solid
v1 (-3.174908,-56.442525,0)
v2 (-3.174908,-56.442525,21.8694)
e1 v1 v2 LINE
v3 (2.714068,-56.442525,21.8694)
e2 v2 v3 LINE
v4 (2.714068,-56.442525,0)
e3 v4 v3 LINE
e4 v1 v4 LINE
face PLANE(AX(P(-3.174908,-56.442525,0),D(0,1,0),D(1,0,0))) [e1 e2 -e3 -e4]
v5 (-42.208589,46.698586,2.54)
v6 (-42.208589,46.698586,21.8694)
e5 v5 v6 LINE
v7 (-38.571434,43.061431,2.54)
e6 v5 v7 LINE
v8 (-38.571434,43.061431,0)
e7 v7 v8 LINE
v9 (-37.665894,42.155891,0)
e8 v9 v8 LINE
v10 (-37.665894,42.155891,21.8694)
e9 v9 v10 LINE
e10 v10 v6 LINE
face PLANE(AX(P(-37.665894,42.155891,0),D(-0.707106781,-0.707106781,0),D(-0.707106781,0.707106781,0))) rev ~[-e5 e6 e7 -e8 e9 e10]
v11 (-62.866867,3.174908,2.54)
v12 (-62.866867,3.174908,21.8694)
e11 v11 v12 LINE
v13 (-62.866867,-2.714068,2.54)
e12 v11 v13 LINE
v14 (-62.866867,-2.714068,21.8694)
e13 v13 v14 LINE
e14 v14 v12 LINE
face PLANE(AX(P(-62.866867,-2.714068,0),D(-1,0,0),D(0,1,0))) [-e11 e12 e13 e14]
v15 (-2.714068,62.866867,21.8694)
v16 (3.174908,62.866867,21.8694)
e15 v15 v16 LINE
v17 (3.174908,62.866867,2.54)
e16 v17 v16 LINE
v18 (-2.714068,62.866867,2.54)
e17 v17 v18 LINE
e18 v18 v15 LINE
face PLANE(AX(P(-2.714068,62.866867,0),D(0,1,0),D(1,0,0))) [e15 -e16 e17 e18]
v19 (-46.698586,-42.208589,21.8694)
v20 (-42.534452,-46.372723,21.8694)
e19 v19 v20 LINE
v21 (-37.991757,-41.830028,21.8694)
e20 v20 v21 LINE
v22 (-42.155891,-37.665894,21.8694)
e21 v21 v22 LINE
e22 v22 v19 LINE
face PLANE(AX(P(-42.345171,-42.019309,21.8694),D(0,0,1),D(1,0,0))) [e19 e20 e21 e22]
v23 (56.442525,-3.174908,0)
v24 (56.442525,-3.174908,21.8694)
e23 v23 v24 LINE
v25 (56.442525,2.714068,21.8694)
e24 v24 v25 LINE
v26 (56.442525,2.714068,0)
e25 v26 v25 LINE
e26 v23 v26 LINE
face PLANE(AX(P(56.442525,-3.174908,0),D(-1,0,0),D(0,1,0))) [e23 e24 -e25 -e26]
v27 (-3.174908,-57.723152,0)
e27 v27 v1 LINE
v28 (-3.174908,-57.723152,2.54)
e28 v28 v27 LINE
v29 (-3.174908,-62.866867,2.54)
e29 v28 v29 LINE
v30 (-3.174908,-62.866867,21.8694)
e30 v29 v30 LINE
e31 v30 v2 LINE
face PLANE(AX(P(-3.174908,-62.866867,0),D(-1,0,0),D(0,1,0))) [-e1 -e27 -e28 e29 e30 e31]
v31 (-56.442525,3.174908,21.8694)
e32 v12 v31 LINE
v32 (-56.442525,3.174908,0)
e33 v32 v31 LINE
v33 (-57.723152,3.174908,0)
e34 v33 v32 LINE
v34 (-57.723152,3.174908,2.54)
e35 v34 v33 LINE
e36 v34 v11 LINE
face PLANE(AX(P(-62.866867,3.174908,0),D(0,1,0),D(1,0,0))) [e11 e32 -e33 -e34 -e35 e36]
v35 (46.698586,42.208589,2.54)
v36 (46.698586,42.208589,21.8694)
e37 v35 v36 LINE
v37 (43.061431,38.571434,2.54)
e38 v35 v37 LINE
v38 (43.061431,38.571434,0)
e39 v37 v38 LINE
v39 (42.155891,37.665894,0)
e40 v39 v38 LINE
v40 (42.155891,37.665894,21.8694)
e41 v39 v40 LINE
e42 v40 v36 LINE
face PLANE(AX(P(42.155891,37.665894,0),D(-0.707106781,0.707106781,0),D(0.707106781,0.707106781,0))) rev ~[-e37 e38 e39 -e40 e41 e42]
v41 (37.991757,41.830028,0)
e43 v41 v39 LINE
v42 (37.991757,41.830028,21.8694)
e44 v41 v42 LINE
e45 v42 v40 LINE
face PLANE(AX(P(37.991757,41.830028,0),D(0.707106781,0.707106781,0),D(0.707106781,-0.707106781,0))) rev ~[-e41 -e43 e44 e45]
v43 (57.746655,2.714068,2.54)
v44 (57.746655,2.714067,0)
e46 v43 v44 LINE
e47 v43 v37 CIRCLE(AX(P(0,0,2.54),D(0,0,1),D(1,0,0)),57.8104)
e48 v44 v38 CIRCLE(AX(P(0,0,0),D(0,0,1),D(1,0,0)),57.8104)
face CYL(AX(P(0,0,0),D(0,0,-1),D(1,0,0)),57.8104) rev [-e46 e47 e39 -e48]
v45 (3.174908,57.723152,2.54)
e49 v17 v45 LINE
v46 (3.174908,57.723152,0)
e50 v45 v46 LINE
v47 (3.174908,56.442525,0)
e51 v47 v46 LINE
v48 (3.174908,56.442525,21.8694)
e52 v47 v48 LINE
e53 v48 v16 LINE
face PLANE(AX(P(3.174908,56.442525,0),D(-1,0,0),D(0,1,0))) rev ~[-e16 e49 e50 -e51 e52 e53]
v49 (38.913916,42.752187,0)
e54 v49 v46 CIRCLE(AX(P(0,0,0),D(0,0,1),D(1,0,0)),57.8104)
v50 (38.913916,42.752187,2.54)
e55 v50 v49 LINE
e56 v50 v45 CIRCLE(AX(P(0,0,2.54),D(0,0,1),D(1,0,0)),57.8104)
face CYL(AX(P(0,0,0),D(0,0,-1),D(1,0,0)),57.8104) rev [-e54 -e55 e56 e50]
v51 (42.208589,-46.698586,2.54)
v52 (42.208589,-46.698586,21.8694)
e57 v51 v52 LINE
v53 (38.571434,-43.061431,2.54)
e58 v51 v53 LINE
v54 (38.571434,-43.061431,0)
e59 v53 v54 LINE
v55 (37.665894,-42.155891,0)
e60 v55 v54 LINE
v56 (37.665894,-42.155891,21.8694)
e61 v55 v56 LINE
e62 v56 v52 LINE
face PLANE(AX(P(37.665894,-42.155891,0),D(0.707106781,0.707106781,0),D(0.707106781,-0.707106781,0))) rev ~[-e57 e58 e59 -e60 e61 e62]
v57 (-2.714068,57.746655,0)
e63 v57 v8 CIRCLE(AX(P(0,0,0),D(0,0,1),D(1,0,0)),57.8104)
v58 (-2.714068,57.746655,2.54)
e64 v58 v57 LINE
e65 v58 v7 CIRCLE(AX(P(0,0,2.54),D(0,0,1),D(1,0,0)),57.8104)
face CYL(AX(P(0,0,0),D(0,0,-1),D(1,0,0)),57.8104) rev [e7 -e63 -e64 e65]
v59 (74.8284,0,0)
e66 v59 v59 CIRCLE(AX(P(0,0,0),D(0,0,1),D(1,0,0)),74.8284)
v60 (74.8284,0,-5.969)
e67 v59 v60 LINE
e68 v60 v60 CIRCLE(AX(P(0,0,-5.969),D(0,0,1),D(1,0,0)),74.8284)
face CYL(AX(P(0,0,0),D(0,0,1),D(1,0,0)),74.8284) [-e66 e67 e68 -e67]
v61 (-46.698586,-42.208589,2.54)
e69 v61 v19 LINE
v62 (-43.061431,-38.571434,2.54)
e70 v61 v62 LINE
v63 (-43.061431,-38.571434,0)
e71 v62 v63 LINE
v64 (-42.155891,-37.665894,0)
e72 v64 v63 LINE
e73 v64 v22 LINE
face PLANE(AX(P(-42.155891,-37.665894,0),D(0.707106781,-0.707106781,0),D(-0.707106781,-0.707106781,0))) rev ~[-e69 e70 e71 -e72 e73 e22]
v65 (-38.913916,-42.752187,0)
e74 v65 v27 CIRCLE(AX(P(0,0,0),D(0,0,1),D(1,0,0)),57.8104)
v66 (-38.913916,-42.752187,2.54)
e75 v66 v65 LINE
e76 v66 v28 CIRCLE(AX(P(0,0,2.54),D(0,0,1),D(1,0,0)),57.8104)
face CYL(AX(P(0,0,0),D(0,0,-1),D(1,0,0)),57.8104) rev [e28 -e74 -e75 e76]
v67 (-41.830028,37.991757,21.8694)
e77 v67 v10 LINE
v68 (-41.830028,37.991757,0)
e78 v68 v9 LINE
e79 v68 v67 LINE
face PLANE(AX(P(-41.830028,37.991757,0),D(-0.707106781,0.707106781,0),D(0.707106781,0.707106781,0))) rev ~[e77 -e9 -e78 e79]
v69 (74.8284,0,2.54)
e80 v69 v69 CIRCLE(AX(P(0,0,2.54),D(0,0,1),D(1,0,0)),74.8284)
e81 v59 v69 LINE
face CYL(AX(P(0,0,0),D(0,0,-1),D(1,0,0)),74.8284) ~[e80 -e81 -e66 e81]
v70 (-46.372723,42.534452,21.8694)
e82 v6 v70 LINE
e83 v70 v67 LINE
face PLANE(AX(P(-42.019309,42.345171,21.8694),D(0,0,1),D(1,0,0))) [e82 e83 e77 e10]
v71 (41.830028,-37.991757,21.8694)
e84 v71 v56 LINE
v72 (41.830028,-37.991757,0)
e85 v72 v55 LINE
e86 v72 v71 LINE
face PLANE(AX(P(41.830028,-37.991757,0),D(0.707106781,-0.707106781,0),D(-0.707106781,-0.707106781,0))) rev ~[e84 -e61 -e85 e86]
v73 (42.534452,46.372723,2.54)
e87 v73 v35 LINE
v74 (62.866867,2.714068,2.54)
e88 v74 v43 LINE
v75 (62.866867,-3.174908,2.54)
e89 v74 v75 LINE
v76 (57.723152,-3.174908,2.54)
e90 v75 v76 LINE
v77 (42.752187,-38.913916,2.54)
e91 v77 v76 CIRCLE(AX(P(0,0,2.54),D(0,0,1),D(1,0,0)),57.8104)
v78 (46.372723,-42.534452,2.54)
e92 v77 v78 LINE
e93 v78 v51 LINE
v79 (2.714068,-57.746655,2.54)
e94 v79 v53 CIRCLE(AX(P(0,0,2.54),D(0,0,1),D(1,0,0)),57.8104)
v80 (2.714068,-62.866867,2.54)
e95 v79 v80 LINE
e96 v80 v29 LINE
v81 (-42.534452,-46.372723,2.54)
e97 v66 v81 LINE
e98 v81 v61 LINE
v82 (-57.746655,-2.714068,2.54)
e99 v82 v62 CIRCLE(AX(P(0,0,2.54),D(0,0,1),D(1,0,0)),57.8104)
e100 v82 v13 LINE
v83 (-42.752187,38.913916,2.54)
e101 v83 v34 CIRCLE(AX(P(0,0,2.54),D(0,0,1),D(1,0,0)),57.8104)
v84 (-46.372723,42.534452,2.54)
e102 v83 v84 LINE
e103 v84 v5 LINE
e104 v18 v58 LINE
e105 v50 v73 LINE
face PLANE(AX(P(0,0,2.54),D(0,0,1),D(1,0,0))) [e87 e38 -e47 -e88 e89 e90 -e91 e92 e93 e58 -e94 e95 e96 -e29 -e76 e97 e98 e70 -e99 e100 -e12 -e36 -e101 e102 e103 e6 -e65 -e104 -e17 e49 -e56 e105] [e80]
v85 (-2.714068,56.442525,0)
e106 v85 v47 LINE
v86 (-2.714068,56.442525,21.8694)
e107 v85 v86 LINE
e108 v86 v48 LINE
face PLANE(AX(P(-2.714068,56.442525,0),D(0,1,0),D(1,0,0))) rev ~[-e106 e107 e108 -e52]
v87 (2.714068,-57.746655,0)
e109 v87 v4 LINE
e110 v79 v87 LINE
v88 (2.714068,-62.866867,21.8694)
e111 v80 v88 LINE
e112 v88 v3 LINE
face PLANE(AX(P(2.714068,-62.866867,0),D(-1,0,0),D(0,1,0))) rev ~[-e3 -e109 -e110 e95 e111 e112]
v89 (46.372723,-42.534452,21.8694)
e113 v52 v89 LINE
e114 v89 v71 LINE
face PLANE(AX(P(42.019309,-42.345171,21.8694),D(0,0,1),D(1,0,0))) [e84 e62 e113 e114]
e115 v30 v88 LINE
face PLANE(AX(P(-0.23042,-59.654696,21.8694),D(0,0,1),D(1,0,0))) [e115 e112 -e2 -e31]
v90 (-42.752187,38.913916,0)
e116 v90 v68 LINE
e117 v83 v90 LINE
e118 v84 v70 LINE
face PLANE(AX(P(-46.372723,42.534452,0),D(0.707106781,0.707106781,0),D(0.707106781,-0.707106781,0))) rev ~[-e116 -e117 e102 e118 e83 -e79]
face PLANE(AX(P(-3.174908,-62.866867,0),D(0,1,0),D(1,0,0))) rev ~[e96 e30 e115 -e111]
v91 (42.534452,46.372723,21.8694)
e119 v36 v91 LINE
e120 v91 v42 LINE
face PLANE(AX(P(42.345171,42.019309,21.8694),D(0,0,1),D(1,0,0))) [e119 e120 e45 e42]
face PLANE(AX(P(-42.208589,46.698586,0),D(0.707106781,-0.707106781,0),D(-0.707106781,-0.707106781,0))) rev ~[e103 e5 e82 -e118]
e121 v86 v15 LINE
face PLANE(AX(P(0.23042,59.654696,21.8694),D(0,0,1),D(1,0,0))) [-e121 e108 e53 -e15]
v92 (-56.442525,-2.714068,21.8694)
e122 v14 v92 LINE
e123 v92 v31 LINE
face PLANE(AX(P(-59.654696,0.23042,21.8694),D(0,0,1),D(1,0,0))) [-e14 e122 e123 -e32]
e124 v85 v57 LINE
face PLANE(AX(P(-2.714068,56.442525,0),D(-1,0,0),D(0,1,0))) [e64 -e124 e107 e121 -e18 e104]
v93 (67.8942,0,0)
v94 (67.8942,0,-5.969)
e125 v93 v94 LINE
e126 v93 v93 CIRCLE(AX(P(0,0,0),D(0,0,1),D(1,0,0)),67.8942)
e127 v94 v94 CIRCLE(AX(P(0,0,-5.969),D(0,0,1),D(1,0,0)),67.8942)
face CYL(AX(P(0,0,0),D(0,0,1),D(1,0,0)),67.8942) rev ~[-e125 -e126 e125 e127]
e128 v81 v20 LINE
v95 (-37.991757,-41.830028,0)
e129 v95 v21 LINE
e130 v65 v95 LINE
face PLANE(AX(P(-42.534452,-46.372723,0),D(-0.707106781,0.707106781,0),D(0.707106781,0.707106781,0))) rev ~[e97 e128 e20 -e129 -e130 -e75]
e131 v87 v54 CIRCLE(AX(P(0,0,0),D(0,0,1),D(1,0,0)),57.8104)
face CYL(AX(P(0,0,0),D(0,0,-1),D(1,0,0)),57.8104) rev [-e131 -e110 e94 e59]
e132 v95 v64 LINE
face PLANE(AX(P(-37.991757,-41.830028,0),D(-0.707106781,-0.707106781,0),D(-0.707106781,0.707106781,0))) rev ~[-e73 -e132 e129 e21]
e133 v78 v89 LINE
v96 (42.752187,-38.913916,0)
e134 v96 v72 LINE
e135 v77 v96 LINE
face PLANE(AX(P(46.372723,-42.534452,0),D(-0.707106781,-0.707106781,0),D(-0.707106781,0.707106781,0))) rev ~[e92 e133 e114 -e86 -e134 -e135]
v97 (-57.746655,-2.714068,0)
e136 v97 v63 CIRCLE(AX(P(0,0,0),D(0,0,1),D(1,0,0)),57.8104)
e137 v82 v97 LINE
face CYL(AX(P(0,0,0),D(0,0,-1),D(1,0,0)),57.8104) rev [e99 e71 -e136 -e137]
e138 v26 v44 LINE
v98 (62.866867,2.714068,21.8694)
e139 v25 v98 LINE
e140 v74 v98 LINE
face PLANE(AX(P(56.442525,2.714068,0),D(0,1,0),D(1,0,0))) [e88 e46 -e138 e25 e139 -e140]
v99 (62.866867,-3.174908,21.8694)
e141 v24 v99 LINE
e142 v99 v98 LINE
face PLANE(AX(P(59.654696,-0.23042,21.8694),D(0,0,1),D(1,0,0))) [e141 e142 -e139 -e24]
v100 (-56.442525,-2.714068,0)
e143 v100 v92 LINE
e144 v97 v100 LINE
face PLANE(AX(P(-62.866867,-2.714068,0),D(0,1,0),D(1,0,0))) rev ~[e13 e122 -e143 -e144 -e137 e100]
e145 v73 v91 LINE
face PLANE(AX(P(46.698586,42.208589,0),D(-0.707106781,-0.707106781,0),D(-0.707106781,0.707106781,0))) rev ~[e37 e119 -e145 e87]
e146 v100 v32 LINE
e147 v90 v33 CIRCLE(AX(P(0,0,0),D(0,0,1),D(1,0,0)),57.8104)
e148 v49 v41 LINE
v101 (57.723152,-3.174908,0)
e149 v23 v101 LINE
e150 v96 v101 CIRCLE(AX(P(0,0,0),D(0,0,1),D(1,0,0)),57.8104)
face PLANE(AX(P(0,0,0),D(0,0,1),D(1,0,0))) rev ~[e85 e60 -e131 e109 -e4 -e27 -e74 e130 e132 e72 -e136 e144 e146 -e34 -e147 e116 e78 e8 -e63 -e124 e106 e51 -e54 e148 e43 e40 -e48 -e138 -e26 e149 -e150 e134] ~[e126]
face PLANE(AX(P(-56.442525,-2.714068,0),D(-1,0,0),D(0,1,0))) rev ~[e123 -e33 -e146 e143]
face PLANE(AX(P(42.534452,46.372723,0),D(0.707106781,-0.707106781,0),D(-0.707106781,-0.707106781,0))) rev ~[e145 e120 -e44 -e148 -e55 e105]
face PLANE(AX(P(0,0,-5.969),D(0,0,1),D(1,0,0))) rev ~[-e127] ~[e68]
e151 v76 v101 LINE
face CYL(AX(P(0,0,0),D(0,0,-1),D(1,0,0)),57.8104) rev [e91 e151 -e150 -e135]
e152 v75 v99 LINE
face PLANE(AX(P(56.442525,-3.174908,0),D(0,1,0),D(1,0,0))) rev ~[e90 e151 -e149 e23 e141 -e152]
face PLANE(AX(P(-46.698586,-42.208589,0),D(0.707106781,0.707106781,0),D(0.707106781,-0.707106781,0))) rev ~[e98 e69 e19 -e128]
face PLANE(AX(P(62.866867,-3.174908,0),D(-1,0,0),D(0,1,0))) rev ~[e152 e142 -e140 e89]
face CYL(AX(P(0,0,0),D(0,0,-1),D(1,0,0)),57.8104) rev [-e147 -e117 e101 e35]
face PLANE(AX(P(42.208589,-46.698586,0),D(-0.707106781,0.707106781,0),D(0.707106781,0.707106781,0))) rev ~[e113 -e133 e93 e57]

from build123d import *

# Parameters (mm, degrees)
F0_R     = 74.8284
F0_R_2   = 67.8942
F1_DEPTH = 5.969
F2_R     = 74.8284
F2_R_2   = 57.8104
F3_DEPTH = 2.54
F4_W     = 6.424342
F4_H     = 5.888975
F4_W_2   = 5.888975
F4_H_2   = 6.424342
F5_DEPTH = 21.8694


with BuildPart() as f1:
    # F0 (on Top) → F1 (new body)
    with BuildSketch(Plane.XY):
        Circle(F0_R)
        Circle(F0_R_2, mode=Mode.SUBTRACT)
    extrude(amount=-F1_DEPTH)

    # F2 (on Top) → F3 (join)
    with BuildSketch(Plane.XY):
        Circle(F2_R)
        Circle(F2_R_2, mode=Mode.SUBTRACT)
    extrude(amount=F3_DEPTH)

    # F4 (on Top) → F5 (join)
    with BuildSketch(Plane.XY):
        with Locations((-59.654696, 0.23042)):
            Rectangle(F4_W, F4_H)
        Polygon((-42.155891, -37.665894), (-46.698586, -42.208589), (-42.534452, -46.372723), (-37.991757, -41.830028), align=None)
        with Locations((-0.23042, -59.654696)):
            Rectangle(F4_W_2, F4_H_2)
        Polygon((37.665894, -42.155891), (42.208589, -46.698586), (46.372723, -42.534452), (41.830028, -37.991757), align=None)
        with Locations((59.654696, -0.23042)):
            Rectangle(F4_W, F4_H)
        Polygon((42.155891, 37.665894), (46.698586, 42.208589), (42.534452, 46.372723), (37.991757, 41.830028), align=None)
        with Locations((0.23042, 59.654696)):
            Rectangle(F4_W_2, F4_H_2)
        Polygon((-37.665894, 42.155891), (-42.208589, 46.698586), (-46.372723, 42.534452), (-41.830028, 37.991757), align=None)
    extrude(amount=F5_DEPTH)


solid = f1.part
